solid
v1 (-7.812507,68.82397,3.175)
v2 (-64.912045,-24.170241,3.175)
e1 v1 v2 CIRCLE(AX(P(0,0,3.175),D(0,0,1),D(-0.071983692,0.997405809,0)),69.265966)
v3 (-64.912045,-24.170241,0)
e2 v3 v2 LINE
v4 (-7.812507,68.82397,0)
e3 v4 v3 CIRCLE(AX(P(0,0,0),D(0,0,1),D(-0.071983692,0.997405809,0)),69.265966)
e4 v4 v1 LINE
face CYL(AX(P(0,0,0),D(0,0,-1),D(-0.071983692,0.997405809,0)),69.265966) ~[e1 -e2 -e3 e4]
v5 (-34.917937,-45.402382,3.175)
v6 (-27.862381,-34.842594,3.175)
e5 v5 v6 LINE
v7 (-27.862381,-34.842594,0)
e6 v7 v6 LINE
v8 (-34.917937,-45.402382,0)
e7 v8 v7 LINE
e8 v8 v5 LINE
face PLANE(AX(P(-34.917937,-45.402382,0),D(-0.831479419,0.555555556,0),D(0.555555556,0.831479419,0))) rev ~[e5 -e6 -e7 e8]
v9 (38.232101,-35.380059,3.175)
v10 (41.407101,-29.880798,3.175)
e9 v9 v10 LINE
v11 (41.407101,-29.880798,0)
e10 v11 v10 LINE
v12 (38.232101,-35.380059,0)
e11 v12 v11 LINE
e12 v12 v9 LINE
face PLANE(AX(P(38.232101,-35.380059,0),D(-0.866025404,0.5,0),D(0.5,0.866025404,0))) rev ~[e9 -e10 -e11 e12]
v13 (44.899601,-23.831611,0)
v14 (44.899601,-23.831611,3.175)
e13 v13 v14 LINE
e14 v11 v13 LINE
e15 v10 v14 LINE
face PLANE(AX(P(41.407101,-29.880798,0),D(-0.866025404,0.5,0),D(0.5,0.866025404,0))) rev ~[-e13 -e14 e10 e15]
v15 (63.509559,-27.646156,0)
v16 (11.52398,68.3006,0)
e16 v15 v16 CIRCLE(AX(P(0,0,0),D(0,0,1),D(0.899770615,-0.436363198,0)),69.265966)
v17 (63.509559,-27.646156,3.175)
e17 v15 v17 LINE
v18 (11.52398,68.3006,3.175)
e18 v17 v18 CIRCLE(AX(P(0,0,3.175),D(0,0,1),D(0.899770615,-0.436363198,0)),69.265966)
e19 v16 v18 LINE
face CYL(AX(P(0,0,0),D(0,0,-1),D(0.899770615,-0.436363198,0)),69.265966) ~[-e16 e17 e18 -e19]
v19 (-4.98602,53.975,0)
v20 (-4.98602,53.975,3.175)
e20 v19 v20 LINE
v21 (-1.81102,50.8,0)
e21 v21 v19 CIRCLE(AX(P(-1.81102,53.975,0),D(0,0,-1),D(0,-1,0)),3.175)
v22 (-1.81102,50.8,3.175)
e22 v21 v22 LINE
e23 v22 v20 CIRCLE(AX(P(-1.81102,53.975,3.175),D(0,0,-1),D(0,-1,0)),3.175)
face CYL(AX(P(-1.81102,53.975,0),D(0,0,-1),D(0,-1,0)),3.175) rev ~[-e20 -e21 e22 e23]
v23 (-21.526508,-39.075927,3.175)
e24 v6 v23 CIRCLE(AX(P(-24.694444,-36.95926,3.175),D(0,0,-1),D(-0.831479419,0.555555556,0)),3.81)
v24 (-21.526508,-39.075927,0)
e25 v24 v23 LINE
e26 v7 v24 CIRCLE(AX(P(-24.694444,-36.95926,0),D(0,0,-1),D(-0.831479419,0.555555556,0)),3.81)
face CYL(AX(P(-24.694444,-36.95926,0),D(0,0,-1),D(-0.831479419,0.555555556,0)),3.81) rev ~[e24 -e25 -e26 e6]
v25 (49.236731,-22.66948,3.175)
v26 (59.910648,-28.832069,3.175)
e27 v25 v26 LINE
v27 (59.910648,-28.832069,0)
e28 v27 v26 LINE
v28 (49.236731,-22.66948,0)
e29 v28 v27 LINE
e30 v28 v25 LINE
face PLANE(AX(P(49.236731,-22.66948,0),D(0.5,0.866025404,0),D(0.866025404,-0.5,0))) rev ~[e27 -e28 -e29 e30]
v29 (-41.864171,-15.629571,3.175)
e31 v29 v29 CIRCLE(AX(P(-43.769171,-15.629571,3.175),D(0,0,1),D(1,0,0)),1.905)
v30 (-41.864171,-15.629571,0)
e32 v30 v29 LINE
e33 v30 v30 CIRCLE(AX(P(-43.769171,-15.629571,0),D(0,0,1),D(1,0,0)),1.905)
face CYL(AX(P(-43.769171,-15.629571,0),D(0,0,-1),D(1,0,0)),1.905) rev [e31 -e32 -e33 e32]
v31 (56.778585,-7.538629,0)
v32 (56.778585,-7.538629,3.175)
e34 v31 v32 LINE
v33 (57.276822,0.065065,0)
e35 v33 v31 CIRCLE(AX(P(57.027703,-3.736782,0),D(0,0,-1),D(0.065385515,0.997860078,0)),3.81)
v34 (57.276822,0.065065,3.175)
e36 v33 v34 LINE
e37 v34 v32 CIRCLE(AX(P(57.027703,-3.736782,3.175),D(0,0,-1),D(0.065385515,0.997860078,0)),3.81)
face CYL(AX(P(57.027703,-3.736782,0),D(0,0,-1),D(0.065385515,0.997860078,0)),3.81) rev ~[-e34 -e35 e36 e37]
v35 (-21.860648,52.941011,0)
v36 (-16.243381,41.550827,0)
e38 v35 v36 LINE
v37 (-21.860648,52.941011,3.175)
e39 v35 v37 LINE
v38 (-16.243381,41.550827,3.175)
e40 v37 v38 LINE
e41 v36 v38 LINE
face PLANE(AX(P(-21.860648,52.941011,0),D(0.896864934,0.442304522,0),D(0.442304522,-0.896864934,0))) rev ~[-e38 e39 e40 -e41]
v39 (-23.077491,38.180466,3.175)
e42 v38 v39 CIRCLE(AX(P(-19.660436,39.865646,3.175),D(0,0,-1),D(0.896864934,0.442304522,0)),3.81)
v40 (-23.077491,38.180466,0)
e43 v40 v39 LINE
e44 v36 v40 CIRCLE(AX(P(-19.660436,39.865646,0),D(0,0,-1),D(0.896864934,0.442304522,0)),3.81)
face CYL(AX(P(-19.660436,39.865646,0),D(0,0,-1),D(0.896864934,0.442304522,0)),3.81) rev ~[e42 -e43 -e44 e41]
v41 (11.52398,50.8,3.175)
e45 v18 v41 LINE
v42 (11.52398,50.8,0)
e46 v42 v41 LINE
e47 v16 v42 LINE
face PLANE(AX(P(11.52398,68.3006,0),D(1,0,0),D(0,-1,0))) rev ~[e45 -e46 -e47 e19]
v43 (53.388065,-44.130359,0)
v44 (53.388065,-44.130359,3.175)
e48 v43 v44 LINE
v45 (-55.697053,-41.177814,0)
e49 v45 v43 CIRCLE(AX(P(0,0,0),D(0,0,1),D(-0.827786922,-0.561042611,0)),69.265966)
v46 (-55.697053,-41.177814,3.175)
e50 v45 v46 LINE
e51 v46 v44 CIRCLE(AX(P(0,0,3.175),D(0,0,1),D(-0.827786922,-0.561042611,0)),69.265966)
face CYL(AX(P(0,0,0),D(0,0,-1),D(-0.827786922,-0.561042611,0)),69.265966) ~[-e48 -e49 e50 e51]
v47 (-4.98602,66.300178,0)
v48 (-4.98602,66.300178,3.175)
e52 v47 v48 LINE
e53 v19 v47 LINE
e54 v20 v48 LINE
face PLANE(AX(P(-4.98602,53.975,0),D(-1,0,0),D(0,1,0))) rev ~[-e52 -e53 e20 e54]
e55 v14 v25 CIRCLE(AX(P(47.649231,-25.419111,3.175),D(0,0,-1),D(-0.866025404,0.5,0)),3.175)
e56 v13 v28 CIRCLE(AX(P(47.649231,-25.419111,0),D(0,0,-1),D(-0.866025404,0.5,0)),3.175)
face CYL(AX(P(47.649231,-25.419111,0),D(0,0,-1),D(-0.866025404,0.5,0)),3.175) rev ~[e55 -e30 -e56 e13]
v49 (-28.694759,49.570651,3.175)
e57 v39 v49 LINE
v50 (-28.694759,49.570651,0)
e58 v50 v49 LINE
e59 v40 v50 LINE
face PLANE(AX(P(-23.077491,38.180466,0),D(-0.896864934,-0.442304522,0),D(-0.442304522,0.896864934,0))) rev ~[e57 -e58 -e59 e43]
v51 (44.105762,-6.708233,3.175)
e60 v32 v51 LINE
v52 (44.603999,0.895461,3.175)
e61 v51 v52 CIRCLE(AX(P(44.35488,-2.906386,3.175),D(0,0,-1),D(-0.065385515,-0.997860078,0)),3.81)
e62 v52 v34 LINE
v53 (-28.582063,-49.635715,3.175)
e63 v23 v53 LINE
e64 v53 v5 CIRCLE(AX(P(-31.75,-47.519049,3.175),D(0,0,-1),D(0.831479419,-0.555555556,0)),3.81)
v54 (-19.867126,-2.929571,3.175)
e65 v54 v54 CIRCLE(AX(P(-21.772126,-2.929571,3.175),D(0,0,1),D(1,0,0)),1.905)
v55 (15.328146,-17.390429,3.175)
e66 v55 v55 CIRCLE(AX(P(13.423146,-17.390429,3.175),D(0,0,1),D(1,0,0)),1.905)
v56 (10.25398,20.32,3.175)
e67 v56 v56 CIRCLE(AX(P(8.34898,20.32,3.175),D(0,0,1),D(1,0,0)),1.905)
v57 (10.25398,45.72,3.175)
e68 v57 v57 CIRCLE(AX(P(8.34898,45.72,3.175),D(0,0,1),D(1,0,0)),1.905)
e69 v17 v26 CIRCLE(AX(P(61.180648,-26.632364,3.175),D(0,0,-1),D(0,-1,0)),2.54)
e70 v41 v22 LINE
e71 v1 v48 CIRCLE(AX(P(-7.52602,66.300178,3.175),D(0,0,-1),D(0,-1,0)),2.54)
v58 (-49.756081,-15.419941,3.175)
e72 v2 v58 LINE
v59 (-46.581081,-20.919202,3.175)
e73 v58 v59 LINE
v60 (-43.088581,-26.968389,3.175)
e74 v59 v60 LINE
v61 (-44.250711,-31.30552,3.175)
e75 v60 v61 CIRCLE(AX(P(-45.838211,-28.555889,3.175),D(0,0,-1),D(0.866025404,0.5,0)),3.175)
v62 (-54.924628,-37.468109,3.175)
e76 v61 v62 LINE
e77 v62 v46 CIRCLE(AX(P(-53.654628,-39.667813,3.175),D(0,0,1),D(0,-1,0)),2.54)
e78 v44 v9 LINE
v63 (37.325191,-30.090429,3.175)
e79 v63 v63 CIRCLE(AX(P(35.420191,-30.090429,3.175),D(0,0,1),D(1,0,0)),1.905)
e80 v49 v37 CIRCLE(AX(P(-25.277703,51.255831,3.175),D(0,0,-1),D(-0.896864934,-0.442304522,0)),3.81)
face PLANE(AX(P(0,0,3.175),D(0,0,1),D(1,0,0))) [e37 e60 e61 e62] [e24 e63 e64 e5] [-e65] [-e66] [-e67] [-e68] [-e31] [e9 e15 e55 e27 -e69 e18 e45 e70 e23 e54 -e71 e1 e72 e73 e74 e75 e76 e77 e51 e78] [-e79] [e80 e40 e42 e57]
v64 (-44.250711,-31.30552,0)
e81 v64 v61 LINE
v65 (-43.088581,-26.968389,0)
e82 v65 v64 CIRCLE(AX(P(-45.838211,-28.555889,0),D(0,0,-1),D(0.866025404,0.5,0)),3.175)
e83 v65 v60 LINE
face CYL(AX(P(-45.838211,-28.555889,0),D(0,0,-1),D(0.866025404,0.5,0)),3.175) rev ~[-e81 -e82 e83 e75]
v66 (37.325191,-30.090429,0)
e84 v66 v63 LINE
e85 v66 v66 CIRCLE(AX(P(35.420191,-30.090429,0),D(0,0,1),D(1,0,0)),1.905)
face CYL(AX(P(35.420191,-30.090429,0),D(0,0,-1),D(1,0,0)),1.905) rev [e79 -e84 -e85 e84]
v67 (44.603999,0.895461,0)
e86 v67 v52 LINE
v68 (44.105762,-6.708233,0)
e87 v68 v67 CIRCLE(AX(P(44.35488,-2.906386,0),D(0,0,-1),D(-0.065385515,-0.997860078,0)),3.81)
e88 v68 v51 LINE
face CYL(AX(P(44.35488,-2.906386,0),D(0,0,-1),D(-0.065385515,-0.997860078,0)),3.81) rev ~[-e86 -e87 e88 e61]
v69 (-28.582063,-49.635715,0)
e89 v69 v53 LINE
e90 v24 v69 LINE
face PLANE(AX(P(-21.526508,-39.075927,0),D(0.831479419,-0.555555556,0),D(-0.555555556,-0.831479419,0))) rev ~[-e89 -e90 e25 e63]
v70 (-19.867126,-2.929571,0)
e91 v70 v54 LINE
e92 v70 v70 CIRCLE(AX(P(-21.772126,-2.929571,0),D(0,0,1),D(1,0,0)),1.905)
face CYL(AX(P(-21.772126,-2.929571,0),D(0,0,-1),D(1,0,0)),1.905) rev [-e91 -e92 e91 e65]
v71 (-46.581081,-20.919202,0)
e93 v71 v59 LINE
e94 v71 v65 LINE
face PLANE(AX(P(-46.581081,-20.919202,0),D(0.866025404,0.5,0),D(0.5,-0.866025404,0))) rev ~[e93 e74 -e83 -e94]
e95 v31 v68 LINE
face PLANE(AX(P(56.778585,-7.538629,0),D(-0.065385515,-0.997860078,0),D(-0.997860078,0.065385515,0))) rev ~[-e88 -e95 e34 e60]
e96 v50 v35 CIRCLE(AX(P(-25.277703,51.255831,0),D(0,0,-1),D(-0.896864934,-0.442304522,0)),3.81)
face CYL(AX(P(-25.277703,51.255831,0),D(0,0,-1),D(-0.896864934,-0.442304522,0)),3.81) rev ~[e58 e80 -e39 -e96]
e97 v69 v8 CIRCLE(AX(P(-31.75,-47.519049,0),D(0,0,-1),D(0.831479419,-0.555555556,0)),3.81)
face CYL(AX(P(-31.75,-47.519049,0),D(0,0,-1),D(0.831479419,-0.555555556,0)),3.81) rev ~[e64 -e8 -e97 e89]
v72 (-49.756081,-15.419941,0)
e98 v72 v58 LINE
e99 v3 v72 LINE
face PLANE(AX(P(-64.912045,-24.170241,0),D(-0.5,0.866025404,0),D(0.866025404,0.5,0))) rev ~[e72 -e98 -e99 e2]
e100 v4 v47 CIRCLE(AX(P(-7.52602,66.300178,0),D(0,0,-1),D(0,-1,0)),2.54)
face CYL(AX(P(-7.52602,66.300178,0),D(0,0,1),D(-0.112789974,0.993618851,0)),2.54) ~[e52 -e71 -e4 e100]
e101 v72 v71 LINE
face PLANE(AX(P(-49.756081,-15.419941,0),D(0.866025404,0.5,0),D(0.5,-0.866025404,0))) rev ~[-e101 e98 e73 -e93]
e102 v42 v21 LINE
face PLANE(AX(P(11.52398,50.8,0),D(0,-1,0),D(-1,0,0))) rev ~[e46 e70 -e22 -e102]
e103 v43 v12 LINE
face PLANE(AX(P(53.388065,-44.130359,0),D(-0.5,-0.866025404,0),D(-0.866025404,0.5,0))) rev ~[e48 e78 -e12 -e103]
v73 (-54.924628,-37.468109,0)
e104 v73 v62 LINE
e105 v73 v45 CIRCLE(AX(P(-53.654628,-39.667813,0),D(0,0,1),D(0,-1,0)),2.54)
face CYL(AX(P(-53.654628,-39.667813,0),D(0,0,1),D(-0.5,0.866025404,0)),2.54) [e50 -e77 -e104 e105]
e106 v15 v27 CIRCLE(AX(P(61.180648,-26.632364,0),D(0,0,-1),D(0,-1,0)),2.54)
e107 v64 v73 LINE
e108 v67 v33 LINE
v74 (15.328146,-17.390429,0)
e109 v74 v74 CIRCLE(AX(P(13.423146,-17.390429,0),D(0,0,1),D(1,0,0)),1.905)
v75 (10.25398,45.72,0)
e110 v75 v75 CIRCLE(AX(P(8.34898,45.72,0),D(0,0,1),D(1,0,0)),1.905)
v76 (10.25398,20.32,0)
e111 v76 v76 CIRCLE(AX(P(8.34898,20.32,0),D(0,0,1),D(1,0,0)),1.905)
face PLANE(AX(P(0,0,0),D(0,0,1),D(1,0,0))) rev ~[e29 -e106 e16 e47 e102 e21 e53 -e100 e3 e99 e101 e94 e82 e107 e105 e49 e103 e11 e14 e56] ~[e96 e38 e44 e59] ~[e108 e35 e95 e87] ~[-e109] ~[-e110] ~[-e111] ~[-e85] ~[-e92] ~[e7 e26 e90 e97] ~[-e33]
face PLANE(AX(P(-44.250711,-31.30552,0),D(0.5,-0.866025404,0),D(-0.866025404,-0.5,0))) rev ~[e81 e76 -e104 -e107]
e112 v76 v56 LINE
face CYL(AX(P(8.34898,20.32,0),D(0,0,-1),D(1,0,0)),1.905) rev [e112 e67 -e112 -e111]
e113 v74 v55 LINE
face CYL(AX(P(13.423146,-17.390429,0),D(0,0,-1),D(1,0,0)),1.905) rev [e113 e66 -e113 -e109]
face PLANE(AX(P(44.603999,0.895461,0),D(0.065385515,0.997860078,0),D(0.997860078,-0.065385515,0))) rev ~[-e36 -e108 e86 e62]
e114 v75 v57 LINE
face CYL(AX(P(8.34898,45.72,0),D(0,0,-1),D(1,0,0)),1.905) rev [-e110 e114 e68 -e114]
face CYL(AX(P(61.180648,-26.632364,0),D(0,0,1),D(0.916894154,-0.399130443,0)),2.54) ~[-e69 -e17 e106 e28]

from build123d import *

# Parameters (mm, degrees)
SKETCH1_R           = 1.905
BOSS_EXTRUDE1_DEPTH = 3.175
FILLET1_R           = 2.54


with BuildPart() as part:
    # Sketch1 → Boss-Extrude1 (new body)
    with BuildSketch(Plane.XY):
        with BuildLine():
            Line((-64.912044694, -24.170240567), (-49.756080512, -15.419940567))
            Line((-49.756080512, -15.419940567), (-46.581080512, -20.919201881))
            Line((-46.581080512, -20.919201881), (-43.088580512, -26.968389327))
            ThreePointArc((-43.088580512, -26.968389327), (-42.771396671, -29.377639795), (-44.250711169, -31.305519984))
            Line((-44.250711169, -31.305519984), (-57.337460999, -38.861158521))
            ThreePointArc((-57.337460999, -38.861158521), (-3.292499409, -69.187668866), (53.388064694, -44.130359433))
            Line((53.388064694, -44.130359433), (38.232100512, -35.380059433))
            Line((38.232100512, -35.380059433), (41.407100512, -29.880798119))
            Line((41.407100512, -29.880798119), (44.899600512, -23.831610673))
            ThreePointArc((44.899600512, -23.831610673), (46.827480701, -22.352296175), (49.236731169, -22.669480016))
            Line((49.236731169, -22.669480016), (62.323480999, -30.225118553))
            ThreePointArc((62.323480999, -30.225118553), (61.564528571, 31.742446303), (11.52398, 68.3006))
            Line((11.52398, 68.3006), (11.52398, 50.8))
            Line((11.52398, 50.8), (5.17398, 50.8))
            Line((5.17398, 50.8), (-1.81102, 50.8))
            ThreePointArc((-1.81102, 50.8), (-4.05608403, 51.72993597), (-4.98602, 53.975))
            Line((-4.98602, 53.975), (-4.98602, 69.086277074))
            ThreePointArc((-4.98602, 69.086277074), (-58.272029162, 37.445222563), (-64.912044694, -24.170240567))
        make_face()
        with Locations((-43.769171461, -15.629571224)):
            Circle(SKETCH1_R, mode=Mode.SUBTRACT)
        with Locations((-21.772126205, -2.929571224)):
            Circle(SKETCH1_R, mode=Mode.SUBTRACT)
        with Locations((13.423146205, -17.390428776)):
            Circle(SKETCH1_R, mode=Mode.SUBTRACT)
        with Locations((35.420191461, -30.090428776)):
            Circle(SKETCH1_R, mode=Mode.SUBTRACT)
        with Locations((8.34898, 45.72)):
            Circle(SKETCH1_R, mode=Mode.SUBTRACT)
        with Locations((8.34898, 20.32)):
            Circle(SKETCH1_R, mode=Mode.SUBTRACT)
        with BuildLine():
            Line((-21.860648036, 52.941011205), (-16.243380607, 41.550826544))
            ThreePointArc((-16.243380607, 41.550826544), (-17.975255776, 36.448590916), (-23.077491403, 38.180466086))
            Line((-23.077491403, 38.180466086), (-28.694758833, 49.570650747))
            ThreePointArc((-28.694758833, 49.570650747), (-26.962883664, 54.672886375), (-21.860648036, 52.941011205))
        make_face(mode=Mode.SUBTRACT)
        with BuildLine():
            Line((56.778584624, -7.53862906), (44.105761638, -6.708233023))
            ThreePointArc((44.105761638, -6.708233023), (40.553033554, -2.657267317), (44.60399926, 0.895460768))
            Line((44.60399926, 0.895460768), (57.276822246, 0.065064732))
            ThreePointArc((57.276822246, 0.065064732), (60.829550331, -3.985900975), (56.778584624, -7.53862906))
        make_face(mode=Mode.SUBTRACT)
        with BuildLine():
            Line((-34.917936587, -45.402382145), (-27.862381032, -34.84259352))
            ThreePointArc((-27.862381032, -34.84259352), (-22.577777778, -33.7913236), (-21.526507857, -39.075926854))
            Line((-21.526507857, -39.075926854), (-28.582063413, -49.635715479))
            ThreePointArc((-28.582063413, -49.635715479), (-33.866666667, -50.686985399), (-34.917936587, -45.402382145))
        make_face(mode=Mode.SUBTRACT)
    extrude(amount=BOSS_EXTRUDE1_DEPTH)

    # Fillet1
    fillet1_edges = [part.edges().sort_by_distance(p)[0] for p in [
        (-4.98602, 69.086277074, 1.5875),
        (62.323480999, -30.225118553, 1.5875),
        (-57.337460999, -38.861158521, 1.5875),
    ]]
    fillet(fillet1_edges, radius=FILLET1_R)


solid = part.part
